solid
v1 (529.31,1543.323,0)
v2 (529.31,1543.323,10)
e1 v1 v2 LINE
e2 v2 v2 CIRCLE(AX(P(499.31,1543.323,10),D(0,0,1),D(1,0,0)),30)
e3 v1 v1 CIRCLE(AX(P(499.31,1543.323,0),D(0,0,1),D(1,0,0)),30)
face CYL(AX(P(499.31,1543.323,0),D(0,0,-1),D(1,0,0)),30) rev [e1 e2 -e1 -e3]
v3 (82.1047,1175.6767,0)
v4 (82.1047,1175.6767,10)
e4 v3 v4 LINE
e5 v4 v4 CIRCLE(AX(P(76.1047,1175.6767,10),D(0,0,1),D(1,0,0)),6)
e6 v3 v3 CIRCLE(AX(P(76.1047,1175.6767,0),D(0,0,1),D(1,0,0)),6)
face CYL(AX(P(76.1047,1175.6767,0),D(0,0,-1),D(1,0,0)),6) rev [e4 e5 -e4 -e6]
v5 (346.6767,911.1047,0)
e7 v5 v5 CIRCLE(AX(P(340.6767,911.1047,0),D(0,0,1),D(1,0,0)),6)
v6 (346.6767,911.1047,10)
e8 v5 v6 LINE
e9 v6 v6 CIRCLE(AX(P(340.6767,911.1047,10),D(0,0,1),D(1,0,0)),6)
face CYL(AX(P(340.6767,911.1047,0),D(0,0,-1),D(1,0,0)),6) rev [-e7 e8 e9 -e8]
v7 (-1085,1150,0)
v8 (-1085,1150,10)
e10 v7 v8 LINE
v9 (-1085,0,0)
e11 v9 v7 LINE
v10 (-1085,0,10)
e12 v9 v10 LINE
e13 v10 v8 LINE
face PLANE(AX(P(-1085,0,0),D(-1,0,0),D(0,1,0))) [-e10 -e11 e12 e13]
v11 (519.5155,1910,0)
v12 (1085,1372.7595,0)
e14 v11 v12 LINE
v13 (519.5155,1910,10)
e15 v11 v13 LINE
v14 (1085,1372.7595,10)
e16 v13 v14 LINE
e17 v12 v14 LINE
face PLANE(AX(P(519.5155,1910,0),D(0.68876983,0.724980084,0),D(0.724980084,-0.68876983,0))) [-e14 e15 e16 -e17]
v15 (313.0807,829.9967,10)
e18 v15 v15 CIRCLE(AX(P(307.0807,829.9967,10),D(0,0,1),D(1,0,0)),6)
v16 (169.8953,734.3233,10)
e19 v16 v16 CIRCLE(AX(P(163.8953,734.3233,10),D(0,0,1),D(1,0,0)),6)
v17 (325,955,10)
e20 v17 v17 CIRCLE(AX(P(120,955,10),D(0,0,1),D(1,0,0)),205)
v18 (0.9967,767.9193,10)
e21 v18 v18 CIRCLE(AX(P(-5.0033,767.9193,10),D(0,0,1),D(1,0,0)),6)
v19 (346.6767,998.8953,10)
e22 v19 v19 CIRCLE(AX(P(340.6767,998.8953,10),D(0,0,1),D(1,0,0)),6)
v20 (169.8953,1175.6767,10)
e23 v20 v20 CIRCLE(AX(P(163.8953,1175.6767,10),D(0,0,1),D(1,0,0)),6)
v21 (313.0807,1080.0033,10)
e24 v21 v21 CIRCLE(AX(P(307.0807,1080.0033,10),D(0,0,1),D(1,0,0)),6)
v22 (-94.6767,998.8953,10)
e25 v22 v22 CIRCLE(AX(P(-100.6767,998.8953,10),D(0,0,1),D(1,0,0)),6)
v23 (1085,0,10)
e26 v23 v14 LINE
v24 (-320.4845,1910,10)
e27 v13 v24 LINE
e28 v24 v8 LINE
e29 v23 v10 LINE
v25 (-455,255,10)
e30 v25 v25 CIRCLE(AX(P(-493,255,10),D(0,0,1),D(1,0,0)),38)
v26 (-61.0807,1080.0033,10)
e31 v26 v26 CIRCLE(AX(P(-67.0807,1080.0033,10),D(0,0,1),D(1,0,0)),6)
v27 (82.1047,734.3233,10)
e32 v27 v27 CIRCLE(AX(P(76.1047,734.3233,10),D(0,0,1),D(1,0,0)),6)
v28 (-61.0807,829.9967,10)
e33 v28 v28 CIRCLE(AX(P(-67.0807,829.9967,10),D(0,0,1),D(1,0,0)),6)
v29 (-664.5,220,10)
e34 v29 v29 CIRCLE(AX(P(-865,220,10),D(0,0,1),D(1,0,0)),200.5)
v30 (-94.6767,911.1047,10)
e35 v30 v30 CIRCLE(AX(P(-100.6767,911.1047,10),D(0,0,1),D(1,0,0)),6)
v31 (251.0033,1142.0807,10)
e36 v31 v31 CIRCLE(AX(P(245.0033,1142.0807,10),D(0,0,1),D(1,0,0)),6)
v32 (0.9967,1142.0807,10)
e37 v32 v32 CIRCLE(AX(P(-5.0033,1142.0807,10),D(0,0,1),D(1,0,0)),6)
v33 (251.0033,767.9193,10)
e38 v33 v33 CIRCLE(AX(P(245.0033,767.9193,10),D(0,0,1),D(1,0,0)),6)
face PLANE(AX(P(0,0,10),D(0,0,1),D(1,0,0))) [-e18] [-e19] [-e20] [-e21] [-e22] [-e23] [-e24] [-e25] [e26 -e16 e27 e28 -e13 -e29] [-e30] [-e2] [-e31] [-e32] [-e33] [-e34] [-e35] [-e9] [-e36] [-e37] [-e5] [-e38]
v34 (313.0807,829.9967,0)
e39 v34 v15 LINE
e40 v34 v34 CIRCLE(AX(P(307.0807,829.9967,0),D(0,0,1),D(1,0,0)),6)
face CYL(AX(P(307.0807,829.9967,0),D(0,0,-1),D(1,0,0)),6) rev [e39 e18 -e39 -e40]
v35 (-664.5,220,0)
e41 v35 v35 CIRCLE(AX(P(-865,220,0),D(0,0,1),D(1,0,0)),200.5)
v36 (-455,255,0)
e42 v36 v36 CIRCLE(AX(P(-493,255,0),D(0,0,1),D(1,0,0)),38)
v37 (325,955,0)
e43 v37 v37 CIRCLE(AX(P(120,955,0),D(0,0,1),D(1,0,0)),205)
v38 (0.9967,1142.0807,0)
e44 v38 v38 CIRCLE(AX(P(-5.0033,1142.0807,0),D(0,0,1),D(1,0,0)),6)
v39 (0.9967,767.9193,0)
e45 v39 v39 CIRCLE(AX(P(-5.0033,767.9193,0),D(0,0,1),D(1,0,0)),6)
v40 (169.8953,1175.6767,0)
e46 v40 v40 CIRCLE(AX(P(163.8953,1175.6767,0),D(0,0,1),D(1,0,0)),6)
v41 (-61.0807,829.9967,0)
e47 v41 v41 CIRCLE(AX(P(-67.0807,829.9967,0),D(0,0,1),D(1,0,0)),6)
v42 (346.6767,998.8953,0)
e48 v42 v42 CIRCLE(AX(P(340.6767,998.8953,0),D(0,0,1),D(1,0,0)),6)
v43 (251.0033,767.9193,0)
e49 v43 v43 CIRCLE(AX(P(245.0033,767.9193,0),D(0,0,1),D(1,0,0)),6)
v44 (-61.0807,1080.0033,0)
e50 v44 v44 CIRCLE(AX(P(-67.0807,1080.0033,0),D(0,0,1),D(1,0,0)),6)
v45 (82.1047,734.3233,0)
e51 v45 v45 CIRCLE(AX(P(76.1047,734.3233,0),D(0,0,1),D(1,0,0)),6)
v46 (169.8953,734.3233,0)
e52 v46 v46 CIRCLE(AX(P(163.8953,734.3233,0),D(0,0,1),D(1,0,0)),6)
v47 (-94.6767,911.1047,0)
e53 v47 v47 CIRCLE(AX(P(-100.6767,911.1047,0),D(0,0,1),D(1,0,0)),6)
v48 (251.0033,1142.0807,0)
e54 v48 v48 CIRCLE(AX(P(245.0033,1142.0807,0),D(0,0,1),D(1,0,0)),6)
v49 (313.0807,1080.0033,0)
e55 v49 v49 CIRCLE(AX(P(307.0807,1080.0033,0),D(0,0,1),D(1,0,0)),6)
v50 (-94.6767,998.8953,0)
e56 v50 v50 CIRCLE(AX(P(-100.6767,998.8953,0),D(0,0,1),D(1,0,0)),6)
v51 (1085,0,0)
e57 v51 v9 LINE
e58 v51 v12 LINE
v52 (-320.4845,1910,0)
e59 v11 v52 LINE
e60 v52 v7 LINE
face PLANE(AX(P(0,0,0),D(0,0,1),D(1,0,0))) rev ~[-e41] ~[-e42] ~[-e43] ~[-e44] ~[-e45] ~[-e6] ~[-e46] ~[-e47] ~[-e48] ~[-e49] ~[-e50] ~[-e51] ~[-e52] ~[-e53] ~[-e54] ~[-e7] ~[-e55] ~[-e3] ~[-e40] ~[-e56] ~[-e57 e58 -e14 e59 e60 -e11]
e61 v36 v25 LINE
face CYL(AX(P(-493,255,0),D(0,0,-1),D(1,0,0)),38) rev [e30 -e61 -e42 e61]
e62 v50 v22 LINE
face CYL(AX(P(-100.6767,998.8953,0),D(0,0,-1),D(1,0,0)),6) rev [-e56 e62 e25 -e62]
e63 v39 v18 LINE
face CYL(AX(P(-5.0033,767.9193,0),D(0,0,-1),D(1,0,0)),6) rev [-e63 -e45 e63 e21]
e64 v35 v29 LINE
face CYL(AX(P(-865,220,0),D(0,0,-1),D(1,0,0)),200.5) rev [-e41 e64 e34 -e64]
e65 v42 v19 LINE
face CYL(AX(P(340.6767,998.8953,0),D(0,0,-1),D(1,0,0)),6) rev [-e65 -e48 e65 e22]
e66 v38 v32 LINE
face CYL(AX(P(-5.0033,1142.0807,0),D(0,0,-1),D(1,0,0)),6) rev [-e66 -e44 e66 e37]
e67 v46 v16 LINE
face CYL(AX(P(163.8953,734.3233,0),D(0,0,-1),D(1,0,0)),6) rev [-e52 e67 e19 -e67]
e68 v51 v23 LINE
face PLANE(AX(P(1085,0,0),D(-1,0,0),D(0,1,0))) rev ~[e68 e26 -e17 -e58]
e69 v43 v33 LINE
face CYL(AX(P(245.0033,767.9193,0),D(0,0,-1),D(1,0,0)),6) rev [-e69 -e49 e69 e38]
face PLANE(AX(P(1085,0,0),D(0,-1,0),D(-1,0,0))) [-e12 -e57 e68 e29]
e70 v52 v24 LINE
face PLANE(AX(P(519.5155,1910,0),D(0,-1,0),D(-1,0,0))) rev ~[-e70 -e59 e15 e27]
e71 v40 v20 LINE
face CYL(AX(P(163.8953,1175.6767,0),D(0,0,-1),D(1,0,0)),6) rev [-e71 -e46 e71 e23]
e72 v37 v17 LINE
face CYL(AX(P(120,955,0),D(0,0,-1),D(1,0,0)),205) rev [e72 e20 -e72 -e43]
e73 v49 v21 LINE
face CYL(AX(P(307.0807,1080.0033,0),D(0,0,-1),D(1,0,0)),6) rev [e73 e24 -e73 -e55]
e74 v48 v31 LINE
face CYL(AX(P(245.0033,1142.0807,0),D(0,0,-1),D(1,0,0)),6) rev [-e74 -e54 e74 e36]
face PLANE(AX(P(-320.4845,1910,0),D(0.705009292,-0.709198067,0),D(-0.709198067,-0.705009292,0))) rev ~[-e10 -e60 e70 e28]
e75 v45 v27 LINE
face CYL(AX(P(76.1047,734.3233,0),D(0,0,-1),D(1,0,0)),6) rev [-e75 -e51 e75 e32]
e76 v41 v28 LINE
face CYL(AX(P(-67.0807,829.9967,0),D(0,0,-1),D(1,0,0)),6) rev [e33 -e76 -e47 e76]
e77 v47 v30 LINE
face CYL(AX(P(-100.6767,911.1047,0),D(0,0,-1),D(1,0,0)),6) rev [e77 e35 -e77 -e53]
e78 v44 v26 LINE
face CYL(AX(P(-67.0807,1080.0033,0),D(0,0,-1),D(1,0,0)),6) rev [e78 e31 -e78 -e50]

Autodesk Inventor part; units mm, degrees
ref_plane "YZ Plane" through (0, 0, 0) normal (1, 0, 0) x (0, 1, 0)
ref_plane "XZ Plane" through (0, 0, 0) normal (0, 1, 0) x (-1, 0, 0)
ref_plane "XY Plane" through (0, 0, 0) normal (0, 0, 1) x (1, 0, 0)
sketch "Sketch1" plane through (0, 0, 0) normal (0, 0, 1) x (1, 0, 0)
  line L0 (519.5155, 1910) -> (-320.4845, 1910)
  line L1 (-320.4845, 1910) -> (-1085, 1150)
  line L2 (-1085, 0) -> (-1085, 1150)
  line L3 (1085, 0) -> (1085, 1372.7595)
  line L4 (519.5155, 1910) -> (1085, 1372.7595)
  line L5 (1085, 0) -> (-1085, 0)
  circle A0 centre (-865, 220) radius 200.5
  circle A1 centre (-493, 255) radius 38
  circle A2 centre (120, 955) radius 700 construction
  line L6 (499.31, 1277) -> (499.31, 1910) construction
  circle A3 centre (499.31, 1543.323) radius 30
  line L7 (1085, 955) -> (325, 955) construction
  circle A4 centre (120, 955) radius 205
  line L8 (120, 0) -> (120, 750) construction
  circle A5 centre (120, 955) radius 225 construction
  circle A6 centre (163.8953, 1175.6767) radius 6
  line L9 (120, 955) -> (120, 1180) construction
  line L10 (163.8953, 1175.6767) -> (120, 955) construction
  circle A7 centre (76.1047, 1175.6767) radius 6
  circle A8 centre (-5.0033, 1142.0807) radius 6
  circle A9 centre (-67.0807, 1080.0033) radius 6
  circle A10 centre (-100.6767, 998.8953) radius 6
  circle A11 centre (-100.6767, 911.1047) radius 6
  circle A12 centre (-67.0807, 829.9967) radius 6
  circle A13 centre (-5.0033, 767.9193) radius 6
  circle A14 centre (76.1047, 734.3233) radius 6
  circle A15 centre (163.8953, 734.3233) radius 6
  circle A16 centre (245.0033, 767.9193) radius 6
  circle A17 centre (307.0807, 829.9967) radius 6
  circle A18 centre (340.6767, 911.1047) radius 6
  circle A19 centre (340.6767, 998.8953) radius 6
  circle A20 centre (307.0807, 1080.0033) radius 6
  circle A21 centre (245.0033, 1142.0807) radius 6
  circle A22 centre (120, 955) radius 670 construction
  point P0 (0, 0)
  dimension "d69" = 1400
  dimension "d1" = 840
  dimension "d3" = 1150
  dimension "d14" = 76
  dimension "d15" = 1910
  dimension "d16" = 255
  dimension "d17" = 220
  dimension "d18" = 401
  dimension "d19" = 220
  dimension "d33" = 2170
  dimension "d49" = 372
  dimension "d51" = 780
  dimension "d52" = 1078
  dimension "d70" = 1584.31
  dimension "d71" = 60
  dimension "d74" = 760
  dimension "d75" = 410
  dimension "d76" = 750
  dimension "d77" = 450
  dimension "d78" = 12
  dimension "d79" = 11.25
  dimension "d82" = 360
  dimension "d84" = 465
extrude "Extrusion5" add sketch "Sketch1" along normal blind 10
equation "\"d17\" = d19"
properties part number "Left wall v2.0"
